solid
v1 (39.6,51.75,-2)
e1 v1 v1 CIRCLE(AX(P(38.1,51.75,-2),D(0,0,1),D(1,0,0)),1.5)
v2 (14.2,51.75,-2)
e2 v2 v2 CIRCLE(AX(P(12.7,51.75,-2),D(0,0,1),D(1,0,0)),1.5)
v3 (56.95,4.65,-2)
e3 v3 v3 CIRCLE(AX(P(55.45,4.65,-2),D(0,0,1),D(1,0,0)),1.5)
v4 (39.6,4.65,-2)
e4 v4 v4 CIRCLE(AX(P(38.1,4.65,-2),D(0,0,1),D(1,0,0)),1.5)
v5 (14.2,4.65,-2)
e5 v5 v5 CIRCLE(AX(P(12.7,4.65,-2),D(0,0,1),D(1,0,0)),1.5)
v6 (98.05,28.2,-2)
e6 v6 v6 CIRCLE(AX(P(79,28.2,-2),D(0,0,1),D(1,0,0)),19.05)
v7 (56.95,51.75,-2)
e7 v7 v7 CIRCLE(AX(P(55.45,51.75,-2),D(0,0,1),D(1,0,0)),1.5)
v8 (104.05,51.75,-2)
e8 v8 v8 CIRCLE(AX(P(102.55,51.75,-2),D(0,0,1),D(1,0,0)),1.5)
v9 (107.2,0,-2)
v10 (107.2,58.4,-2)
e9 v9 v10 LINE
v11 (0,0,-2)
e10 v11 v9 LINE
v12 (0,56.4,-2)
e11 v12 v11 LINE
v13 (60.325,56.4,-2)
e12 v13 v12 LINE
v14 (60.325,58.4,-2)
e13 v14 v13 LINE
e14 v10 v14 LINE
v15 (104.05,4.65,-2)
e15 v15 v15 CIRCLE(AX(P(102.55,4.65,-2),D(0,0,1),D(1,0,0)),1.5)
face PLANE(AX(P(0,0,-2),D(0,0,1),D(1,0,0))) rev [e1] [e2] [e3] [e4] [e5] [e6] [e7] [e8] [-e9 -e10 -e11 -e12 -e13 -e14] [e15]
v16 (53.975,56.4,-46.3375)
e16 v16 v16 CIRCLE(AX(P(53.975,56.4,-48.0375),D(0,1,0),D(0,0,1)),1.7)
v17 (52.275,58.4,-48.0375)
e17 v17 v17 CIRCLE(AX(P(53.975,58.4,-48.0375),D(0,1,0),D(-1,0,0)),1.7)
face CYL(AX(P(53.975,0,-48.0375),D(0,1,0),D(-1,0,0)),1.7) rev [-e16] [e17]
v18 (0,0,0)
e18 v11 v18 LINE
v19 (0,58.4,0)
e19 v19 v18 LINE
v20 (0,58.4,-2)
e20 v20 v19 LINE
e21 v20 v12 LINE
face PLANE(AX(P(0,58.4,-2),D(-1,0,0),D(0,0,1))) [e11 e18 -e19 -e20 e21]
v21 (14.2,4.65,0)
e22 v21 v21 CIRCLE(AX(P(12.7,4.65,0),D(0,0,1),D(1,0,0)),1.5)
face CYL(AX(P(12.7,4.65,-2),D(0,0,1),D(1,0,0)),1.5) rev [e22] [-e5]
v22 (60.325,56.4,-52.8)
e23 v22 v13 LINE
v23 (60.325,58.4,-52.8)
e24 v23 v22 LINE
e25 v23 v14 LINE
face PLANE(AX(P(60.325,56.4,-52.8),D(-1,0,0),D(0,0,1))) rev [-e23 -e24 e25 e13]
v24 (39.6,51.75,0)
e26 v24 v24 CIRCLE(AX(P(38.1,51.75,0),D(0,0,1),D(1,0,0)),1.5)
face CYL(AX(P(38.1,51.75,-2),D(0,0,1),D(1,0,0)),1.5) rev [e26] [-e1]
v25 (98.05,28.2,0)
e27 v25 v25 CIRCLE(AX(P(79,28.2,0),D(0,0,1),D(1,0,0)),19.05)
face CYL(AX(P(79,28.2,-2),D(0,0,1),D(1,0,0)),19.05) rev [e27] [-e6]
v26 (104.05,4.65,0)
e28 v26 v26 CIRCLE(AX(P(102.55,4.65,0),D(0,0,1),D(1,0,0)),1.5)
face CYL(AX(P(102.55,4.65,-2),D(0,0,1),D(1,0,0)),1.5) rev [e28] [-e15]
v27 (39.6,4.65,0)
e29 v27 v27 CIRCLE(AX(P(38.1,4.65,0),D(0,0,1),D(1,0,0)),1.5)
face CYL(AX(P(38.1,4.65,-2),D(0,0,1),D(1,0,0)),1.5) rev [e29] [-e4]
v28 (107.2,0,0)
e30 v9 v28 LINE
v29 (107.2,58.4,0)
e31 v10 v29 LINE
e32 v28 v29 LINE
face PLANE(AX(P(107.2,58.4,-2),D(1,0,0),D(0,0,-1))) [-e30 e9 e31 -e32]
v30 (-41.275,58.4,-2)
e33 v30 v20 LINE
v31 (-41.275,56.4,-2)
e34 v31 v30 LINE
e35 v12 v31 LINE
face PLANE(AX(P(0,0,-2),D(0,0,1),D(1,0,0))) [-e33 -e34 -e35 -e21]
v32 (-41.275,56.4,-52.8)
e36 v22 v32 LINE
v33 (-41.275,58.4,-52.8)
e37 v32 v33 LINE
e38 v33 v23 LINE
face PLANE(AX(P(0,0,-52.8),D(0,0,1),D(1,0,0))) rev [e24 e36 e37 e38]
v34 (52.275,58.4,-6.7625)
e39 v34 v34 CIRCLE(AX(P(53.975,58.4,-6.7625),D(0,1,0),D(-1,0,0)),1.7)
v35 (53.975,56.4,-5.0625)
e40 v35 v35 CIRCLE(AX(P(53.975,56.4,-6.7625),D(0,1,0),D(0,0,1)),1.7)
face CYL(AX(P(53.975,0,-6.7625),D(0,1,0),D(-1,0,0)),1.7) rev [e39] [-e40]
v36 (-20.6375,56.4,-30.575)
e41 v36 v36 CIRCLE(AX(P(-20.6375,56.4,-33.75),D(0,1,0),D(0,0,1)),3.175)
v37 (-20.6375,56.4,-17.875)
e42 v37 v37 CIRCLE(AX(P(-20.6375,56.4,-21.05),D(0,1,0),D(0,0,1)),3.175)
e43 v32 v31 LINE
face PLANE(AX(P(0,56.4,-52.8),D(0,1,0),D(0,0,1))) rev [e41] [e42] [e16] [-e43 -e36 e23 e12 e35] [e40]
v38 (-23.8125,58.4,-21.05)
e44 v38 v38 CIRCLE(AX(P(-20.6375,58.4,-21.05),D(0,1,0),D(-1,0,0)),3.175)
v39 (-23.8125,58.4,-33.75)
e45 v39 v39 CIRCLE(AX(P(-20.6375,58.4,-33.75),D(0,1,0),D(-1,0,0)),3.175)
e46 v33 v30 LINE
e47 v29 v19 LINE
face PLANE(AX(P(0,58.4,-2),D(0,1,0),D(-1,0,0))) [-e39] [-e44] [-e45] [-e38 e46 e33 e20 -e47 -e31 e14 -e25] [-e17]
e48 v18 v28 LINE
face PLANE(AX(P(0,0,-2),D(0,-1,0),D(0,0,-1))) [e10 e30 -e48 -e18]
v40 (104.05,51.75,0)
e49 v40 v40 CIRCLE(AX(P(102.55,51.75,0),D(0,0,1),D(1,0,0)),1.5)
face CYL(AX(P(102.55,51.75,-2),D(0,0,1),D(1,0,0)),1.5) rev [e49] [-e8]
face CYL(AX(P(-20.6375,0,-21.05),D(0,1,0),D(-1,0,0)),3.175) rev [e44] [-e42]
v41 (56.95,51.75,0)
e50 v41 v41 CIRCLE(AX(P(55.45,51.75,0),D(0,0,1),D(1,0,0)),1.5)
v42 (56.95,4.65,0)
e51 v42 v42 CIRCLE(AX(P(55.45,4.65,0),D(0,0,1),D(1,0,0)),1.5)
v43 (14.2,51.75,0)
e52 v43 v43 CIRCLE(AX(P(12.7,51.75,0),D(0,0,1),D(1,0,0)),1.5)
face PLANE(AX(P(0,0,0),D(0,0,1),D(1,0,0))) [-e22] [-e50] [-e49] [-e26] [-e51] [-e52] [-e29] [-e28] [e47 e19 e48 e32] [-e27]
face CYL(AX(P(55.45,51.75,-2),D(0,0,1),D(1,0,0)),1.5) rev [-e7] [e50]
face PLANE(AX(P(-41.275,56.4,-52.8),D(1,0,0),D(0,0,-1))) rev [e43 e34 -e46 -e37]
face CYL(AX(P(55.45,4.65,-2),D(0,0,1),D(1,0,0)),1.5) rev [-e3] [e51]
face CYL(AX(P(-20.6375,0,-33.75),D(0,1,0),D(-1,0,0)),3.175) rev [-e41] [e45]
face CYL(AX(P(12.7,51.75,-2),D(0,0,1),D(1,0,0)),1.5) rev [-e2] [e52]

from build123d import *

# Parameters (mm, degrees)
SKETCH1_W           = 107.2
SKETCH1_H           = 58.4
SKETCH1_R           = 1.5
SKETCH1_R_2         = 19.05
BOSS_EXTRUDE1_DEPTH = 2
BOSS_EXTRUDE2_DEPTH = 50.8
SKETCH3_R           = 1.7
SKETCH3_R_2         = 3.175
CUT_EXTRUDE1_DEPTH  = 134.004661572


with BuildPart() as part:
    # Sketch1 → Boss-Extrude1 (new body)
    with BuildSketch(Plane.XY):
        with Locations((53.6, 29.2)):
            Rectangle(SKETCH1_W, SKETCH1_H)
        with Locations((102.55, 51.75)):
            Circle(SKETCH1_R, mode=Mode.SUBTRACT)
        with Locations((102.55, 4.65)):
            Circle(SKETCH1_R, mode=Mode.SUBTRACT)
        with Locations((55.45, 4.65)):
            Circle(SKETCH1_R, mode=Mode.SUBTRACT)
        with Locations((55.45, 51.75)):
            Circle(SKETCH1_R, mode=Mode.SUBTRACT)
        with Locations((12.7, 51.75)):
            Circle(SKETCH1_R, mode=Mode.SUBTRACT)
        with Locations((38.1, 51.75)):
            Circle(SKETCH1_R, mode=Mode.SUBTRACT)
        with Locations((12.7, 4.65)):
            Circle(SKETCH1_R, mode=Mode.SUBTRACT)
        with Locations((38.1, 4.65)):
            Circle(SKETCH1_R, mode=Mode.SUBTRACT)
        with Locations((79, 28.2)):
            Circle(SKETCH1_R_2, mode=Mode.SUBTRACT)
    extrude(amount=-BOSS_EXTRUDE1_DEPTH)

    # Sketch2 → Boss-Extrude2 (add)
    with BuildSketch(Plane(origin=(0, 0, -2), x_dir=(-1, 0, 0), z_dir=(0, 0, -1))):
        Polygon((0, 56.4), (41.275, 56.4), (41.275, 58.4), (0, 58.4), (-60.325, 58.4), (-60.325, 56.4), align=None)
    extrude(amount=BOSS_EXTRUDE2_DEPTH)

    # Sketch3 → Cut-Extrude1 (cut, through all)
    with BuildSketch(Plane(origin=(0, 58.4, 0), x_dir=(1, 0, 0), z_dir=(0, 1, 0))):
        with Locations(Location((53.975, 48.0375, 0), (0, 0, 180))):
            Circle(SKETCH3_R)
        with Locations(Location((53.975, 6.7625, 0), (0, 0, 180))):
            Circle(SKETCH3_R)
        with Locations(Location((-20.6375, 33.75, 0), (0, 0, 180))):
            Circle(SKETCH3_R_2)
        with Locations(Location((-20.6375, 21.05, 0), (0, 0, 180))):
            Circle(SKETCH3_R_2)
    extrude(amount=-CUT_EXTRUDE1_DEPTH, mode=Mode.SUBTRACT)


solid = part.part
